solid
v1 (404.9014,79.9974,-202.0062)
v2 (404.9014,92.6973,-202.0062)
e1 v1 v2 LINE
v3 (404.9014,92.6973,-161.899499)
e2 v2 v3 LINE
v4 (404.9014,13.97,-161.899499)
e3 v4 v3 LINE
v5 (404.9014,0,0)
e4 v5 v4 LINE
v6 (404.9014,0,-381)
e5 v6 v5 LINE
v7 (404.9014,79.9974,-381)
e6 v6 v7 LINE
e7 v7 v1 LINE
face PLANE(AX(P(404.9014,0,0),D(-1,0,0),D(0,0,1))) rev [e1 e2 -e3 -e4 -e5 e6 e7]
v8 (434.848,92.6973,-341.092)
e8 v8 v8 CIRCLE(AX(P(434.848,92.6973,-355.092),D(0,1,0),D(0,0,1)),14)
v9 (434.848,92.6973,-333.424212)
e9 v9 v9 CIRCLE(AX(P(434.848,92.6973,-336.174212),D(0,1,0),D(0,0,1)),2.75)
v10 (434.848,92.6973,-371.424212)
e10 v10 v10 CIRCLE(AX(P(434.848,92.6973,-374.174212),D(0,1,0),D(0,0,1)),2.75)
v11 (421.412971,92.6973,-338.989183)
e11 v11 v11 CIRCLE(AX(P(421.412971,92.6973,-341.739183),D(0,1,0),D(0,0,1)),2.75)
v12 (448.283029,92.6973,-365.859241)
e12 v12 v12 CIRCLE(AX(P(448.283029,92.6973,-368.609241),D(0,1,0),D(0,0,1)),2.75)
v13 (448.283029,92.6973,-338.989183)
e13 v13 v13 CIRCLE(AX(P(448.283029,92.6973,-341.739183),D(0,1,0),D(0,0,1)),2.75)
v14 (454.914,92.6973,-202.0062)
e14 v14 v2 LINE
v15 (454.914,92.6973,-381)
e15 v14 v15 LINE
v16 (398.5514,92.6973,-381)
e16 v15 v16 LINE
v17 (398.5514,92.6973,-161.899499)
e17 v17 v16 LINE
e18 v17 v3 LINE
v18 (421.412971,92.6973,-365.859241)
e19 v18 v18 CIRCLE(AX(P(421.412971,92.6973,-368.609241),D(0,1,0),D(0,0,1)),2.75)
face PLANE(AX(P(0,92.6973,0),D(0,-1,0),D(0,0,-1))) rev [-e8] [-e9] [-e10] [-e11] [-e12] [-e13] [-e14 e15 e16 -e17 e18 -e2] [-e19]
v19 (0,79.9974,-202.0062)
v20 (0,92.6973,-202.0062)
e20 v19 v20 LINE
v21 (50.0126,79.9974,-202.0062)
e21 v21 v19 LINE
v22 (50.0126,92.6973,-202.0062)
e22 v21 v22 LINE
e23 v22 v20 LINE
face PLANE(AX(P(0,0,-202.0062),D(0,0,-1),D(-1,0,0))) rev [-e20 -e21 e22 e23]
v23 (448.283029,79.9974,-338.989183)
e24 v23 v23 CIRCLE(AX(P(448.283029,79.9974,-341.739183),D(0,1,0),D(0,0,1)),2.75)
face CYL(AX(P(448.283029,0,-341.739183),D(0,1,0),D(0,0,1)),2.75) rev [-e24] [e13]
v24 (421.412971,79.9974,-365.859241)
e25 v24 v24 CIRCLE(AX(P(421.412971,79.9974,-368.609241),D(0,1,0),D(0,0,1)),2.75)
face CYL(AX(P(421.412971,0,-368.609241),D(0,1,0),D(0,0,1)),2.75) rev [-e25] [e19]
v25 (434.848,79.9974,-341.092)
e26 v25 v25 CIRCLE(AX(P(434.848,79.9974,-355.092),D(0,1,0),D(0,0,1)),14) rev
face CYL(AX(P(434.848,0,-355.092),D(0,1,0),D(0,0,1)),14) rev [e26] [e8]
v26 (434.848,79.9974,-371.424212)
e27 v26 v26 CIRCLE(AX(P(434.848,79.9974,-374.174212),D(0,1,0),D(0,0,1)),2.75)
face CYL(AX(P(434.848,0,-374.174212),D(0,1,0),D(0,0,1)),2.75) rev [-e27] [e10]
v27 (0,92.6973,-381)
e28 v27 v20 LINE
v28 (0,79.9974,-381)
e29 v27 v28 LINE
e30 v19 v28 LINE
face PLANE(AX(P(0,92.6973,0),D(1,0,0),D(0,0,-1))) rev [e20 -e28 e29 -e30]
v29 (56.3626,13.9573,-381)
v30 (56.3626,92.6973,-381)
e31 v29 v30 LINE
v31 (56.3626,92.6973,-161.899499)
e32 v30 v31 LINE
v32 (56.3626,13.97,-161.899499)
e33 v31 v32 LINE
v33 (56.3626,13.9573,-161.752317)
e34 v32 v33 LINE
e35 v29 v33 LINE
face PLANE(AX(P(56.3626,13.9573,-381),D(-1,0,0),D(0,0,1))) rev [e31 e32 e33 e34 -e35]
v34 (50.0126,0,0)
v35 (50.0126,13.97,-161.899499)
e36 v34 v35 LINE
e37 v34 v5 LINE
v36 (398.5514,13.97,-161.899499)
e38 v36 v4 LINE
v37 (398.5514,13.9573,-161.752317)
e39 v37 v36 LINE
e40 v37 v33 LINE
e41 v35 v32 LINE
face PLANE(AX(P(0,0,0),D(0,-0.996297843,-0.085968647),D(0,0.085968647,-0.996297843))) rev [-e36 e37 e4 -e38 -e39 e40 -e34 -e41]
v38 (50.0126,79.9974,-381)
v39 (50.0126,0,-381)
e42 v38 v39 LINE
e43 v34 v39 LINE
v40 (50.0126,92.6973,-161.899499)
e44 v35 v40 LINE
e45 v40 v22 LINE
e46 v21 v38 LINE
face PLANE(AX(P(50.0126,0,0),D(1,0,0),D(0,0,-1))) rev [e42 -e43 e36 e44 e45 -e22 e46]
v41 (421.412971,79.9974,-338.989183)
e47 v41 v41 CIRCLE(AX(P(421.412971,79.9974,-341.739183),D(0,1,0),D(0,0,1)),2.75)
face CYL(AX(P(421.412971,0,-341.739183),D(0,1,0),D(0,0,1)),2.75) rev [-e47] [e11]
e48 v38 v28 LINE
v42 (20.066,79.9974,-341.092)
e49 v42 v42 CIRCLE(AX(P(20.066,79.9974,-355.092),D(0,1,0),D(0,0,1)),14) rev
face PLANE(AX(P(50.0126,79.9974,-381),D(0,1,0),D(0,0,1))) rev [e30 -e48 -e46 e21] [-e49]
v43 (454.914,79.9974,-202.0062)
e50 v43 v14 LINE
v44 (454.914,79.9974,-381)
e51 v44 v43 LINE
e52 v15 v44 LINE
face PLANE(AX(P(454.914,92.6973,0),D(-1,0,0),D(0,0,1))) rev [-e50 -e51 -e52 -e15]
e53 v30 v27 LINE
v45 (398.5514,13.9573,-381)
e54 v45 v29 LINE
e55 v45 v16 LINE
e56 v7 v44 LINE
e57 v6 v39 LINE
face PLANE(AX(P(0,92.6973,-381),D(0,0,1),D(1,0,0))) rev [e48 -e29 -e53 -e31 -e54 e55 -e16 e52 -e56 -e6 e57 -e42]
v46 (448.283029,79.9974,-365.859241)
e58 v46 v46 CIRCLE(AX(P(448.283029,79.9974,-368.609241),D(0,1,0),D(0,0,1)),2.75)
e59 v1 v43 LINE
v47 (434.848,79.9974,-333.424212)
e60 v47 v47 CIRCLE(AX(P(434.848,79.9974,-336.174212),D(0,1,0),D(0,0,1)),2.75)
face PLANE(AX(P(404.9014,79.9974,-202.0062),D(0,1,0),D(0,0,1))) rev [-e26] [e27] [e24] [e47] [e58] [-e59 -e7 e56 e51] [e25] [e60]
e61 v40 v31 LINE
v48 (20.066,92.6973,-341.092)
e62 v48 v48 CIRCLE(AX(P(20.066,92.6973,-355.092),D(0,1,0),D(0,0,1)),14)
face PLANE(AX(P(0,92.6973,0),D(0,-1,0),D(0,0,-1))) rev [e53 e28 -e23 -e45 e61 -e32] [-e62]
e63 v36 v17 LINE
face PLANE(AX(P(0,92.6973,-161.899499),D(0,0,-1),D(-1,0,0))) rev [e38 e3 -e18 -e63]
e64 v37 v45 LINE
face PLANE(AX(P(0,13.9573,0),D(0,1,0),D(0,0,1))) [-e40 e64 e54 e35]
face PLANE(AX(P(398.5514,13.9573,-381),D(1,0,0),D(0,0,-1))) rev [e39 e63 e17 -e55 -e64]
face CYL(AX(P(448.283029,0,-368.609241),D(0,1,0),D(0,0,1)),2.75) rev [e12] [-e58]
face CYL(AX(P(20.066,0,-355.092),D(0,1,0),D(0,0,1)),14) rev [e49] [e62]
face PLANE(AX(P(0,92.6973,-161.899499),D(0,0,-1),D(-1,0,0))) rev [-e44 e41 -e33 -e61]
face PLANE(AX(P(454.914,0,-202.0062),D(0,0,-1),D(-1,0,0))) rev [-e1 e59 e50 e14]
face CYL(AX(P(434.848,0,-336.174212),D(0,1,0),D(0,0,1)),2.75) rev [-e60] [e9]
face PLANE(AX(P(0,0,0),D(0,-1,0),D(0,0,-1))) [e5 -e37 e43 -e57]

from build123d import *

# Parameters (mm, degrees)
SKETCH1_W           = 454.914
SKETCH1_H           = 381
BOSS_EXTRUDE1_DEPTH = 92.6973
SKETCH3_W           = 50.0126
SKETCH3_H           = 202.0062
CUT_EXTRUDE1_DEPTH  = 601.583496962
SKETCH4_R           = 14
CUT_EXTRUDE2_DEPTH  = 601.583496962
SKETCH5_W           = 342.1888
SKETCH5_H           = 381
CUT_EXTRUDE3_DEPTH  = 78.74
SKETCH6_W           = 178.9938
SKETCH6_H           = 79.9974
CUT_EXTRUDE4_DEPTH  = 50.0126
SKETCH7_W           = 178.9938
SKETCH7_H           = 79.9974
CUT_EXTRUDE5_DEPTH  = 50.0126
CUT_EXTRUDE6_DEPTH  = 564.647880462
SKETCH11_R          = 2.75
CUT_EXTRUDE7_DEPTH  = 601.583496962


with BuildPart() as part:
    # Sketch1 → Boss-Extrude1 (new body)
    with BuildSketch(Plane(origin=(0, 0, 0), x_dir=(1, 0, 0), z_dir=(0, 1, 0))):
        with Locations((227.457, 190.5)):
            Rectangle(SKETCH1_W, SKETCH1_H)
    extrude(amount=BOSS_EXTRUDE1_DEPTH)

    # Sketch3 → Cut-Extrude1 (cut, through all)
    with BuildSketch(Plane(origin=(0, 92.6973, 0), x_dir=(1, 0, 0), z_dir=(0, 1, 0))):
        with Locations((429.9077, 101.0031)):
            Rectangle(SKETCH3_W, SKETCH3_H)
        with Locations((25.0063, 101.0031)):
            Rectangle(SKETCH3_W, SKETCH3_H)
    extrude(amount=-CUT_EXTRUDE1_DEPTH, mode=Mode.SUBTRACT)

    # Sketch4 → Cut-Extrude2 (cut, through all)
    with BuildSketch(Plane(origin=(0, 92.6973, 0), x_dir=(1, 0, 0), z_dir=(0, 1, 0))):
        with Locations(Location((20.066, 355.092, 0), (0, 0, 270))):
            Circle(SKETCH4_R)
        with Locations(Location((434.848, 355.092, 0), (0, 0, 270))):
            Circle(SKETCH4_R)
    extrude(amount=-CUT_EXTRUDE2_DEPTH, mode=Mode.SUBTRACT)

    # Sketch5 → Cut-Extrude3 (cut)
    with BuildSketch(Plane(origin=(0, 92.6973, 0), x_dir=(1, 0, 0), z_dir=(0, 1, 0))):
        with Locations((227.457, 190.5)):
            Rectangle(SKETCH5_W, SKETCH5_H)
    extrude(amount=-CUT_EXTRUDE3_DEPTH, mode=Mode.SUBTRACT)

    # Sketch6 → Cut-Extrude4 (cut)
    with BuildSketch(Plane(origin=(454.914, 0, 0), x_dir=(0, 0, -1), z_dir=(1, 0, 0))):
        with Locations((291.5031, 39.9987)):
            Rectangle(SKETCH6_W, SKETCH6_H)
    extrude(amount=-CUT_EXTRUDE4_DEPTH, mode=Mode.SUBTRACT)

    # Sketch7 → Cut-Extrude5 (cut)
    with BuildSketch(Plane.ZY):
        with Locations((-291.5031, 39.9987)):
            Rectangle(SKETCH7_W, SKETCH7_H)
    extrude(amount=-CUT_EXTRUDE5_DEPTH, mode=Mode.SUBTRACT)

    # Sketch10 → Cut-Extrude6 (cut, through all)
    with BuildSketch(Plane(origin=(404.9014, 0, 0), x_dir=(0, 0, -1), z_dir=(1, 0, 0))):
        Polygon((0, 0), (161.899498709, 13.97), (161.899498709, 92.6973), (0, 92.6973), align=None)
    extrude(amount=-CUT_EXTRUDE6_DEPTH, mode=Mode.SUBTRACT)

    # Sketch11 → Cut-Extrude7 (cut, through all)
    with BuildSketch(Plane(origin=(0, 92.6973, 0), x_dir=(1, 0, 0), z_dir=(0, 1, 0))):
        with Locations(Location((434.848, 374.174211985, 0), (0, 0, 270))):
            Circle(SKETCH11_R)
        with Locations(Location((448.283028843, 368.609240827, 0), (0, 0, 270))):
            Circle(SKETCH11_R)
        with Locations(Location((421.412971157, 368.609240827, 0), (0, 0, 270))):
            Circle(SKETCH11_R)
        with Locations(Location((448.283028843, 341.739183142, 0), (0, 0, 270))):
            Circle(SKETCH11_R)
        with Locations(Location((434.848, 336.174211985, 0), (0, 0, 270))):
            Circle(SKETCH11_R)
        with Locations(Location((421.412971157, 341.739183142, 0), (0, 0, 270))):
            Circle(SKETCH11_R)
    extrude(amount=-CUT_EXTRUDE7_DEPTH, mode=Mode.SUBTRACT)


solid = part.part
